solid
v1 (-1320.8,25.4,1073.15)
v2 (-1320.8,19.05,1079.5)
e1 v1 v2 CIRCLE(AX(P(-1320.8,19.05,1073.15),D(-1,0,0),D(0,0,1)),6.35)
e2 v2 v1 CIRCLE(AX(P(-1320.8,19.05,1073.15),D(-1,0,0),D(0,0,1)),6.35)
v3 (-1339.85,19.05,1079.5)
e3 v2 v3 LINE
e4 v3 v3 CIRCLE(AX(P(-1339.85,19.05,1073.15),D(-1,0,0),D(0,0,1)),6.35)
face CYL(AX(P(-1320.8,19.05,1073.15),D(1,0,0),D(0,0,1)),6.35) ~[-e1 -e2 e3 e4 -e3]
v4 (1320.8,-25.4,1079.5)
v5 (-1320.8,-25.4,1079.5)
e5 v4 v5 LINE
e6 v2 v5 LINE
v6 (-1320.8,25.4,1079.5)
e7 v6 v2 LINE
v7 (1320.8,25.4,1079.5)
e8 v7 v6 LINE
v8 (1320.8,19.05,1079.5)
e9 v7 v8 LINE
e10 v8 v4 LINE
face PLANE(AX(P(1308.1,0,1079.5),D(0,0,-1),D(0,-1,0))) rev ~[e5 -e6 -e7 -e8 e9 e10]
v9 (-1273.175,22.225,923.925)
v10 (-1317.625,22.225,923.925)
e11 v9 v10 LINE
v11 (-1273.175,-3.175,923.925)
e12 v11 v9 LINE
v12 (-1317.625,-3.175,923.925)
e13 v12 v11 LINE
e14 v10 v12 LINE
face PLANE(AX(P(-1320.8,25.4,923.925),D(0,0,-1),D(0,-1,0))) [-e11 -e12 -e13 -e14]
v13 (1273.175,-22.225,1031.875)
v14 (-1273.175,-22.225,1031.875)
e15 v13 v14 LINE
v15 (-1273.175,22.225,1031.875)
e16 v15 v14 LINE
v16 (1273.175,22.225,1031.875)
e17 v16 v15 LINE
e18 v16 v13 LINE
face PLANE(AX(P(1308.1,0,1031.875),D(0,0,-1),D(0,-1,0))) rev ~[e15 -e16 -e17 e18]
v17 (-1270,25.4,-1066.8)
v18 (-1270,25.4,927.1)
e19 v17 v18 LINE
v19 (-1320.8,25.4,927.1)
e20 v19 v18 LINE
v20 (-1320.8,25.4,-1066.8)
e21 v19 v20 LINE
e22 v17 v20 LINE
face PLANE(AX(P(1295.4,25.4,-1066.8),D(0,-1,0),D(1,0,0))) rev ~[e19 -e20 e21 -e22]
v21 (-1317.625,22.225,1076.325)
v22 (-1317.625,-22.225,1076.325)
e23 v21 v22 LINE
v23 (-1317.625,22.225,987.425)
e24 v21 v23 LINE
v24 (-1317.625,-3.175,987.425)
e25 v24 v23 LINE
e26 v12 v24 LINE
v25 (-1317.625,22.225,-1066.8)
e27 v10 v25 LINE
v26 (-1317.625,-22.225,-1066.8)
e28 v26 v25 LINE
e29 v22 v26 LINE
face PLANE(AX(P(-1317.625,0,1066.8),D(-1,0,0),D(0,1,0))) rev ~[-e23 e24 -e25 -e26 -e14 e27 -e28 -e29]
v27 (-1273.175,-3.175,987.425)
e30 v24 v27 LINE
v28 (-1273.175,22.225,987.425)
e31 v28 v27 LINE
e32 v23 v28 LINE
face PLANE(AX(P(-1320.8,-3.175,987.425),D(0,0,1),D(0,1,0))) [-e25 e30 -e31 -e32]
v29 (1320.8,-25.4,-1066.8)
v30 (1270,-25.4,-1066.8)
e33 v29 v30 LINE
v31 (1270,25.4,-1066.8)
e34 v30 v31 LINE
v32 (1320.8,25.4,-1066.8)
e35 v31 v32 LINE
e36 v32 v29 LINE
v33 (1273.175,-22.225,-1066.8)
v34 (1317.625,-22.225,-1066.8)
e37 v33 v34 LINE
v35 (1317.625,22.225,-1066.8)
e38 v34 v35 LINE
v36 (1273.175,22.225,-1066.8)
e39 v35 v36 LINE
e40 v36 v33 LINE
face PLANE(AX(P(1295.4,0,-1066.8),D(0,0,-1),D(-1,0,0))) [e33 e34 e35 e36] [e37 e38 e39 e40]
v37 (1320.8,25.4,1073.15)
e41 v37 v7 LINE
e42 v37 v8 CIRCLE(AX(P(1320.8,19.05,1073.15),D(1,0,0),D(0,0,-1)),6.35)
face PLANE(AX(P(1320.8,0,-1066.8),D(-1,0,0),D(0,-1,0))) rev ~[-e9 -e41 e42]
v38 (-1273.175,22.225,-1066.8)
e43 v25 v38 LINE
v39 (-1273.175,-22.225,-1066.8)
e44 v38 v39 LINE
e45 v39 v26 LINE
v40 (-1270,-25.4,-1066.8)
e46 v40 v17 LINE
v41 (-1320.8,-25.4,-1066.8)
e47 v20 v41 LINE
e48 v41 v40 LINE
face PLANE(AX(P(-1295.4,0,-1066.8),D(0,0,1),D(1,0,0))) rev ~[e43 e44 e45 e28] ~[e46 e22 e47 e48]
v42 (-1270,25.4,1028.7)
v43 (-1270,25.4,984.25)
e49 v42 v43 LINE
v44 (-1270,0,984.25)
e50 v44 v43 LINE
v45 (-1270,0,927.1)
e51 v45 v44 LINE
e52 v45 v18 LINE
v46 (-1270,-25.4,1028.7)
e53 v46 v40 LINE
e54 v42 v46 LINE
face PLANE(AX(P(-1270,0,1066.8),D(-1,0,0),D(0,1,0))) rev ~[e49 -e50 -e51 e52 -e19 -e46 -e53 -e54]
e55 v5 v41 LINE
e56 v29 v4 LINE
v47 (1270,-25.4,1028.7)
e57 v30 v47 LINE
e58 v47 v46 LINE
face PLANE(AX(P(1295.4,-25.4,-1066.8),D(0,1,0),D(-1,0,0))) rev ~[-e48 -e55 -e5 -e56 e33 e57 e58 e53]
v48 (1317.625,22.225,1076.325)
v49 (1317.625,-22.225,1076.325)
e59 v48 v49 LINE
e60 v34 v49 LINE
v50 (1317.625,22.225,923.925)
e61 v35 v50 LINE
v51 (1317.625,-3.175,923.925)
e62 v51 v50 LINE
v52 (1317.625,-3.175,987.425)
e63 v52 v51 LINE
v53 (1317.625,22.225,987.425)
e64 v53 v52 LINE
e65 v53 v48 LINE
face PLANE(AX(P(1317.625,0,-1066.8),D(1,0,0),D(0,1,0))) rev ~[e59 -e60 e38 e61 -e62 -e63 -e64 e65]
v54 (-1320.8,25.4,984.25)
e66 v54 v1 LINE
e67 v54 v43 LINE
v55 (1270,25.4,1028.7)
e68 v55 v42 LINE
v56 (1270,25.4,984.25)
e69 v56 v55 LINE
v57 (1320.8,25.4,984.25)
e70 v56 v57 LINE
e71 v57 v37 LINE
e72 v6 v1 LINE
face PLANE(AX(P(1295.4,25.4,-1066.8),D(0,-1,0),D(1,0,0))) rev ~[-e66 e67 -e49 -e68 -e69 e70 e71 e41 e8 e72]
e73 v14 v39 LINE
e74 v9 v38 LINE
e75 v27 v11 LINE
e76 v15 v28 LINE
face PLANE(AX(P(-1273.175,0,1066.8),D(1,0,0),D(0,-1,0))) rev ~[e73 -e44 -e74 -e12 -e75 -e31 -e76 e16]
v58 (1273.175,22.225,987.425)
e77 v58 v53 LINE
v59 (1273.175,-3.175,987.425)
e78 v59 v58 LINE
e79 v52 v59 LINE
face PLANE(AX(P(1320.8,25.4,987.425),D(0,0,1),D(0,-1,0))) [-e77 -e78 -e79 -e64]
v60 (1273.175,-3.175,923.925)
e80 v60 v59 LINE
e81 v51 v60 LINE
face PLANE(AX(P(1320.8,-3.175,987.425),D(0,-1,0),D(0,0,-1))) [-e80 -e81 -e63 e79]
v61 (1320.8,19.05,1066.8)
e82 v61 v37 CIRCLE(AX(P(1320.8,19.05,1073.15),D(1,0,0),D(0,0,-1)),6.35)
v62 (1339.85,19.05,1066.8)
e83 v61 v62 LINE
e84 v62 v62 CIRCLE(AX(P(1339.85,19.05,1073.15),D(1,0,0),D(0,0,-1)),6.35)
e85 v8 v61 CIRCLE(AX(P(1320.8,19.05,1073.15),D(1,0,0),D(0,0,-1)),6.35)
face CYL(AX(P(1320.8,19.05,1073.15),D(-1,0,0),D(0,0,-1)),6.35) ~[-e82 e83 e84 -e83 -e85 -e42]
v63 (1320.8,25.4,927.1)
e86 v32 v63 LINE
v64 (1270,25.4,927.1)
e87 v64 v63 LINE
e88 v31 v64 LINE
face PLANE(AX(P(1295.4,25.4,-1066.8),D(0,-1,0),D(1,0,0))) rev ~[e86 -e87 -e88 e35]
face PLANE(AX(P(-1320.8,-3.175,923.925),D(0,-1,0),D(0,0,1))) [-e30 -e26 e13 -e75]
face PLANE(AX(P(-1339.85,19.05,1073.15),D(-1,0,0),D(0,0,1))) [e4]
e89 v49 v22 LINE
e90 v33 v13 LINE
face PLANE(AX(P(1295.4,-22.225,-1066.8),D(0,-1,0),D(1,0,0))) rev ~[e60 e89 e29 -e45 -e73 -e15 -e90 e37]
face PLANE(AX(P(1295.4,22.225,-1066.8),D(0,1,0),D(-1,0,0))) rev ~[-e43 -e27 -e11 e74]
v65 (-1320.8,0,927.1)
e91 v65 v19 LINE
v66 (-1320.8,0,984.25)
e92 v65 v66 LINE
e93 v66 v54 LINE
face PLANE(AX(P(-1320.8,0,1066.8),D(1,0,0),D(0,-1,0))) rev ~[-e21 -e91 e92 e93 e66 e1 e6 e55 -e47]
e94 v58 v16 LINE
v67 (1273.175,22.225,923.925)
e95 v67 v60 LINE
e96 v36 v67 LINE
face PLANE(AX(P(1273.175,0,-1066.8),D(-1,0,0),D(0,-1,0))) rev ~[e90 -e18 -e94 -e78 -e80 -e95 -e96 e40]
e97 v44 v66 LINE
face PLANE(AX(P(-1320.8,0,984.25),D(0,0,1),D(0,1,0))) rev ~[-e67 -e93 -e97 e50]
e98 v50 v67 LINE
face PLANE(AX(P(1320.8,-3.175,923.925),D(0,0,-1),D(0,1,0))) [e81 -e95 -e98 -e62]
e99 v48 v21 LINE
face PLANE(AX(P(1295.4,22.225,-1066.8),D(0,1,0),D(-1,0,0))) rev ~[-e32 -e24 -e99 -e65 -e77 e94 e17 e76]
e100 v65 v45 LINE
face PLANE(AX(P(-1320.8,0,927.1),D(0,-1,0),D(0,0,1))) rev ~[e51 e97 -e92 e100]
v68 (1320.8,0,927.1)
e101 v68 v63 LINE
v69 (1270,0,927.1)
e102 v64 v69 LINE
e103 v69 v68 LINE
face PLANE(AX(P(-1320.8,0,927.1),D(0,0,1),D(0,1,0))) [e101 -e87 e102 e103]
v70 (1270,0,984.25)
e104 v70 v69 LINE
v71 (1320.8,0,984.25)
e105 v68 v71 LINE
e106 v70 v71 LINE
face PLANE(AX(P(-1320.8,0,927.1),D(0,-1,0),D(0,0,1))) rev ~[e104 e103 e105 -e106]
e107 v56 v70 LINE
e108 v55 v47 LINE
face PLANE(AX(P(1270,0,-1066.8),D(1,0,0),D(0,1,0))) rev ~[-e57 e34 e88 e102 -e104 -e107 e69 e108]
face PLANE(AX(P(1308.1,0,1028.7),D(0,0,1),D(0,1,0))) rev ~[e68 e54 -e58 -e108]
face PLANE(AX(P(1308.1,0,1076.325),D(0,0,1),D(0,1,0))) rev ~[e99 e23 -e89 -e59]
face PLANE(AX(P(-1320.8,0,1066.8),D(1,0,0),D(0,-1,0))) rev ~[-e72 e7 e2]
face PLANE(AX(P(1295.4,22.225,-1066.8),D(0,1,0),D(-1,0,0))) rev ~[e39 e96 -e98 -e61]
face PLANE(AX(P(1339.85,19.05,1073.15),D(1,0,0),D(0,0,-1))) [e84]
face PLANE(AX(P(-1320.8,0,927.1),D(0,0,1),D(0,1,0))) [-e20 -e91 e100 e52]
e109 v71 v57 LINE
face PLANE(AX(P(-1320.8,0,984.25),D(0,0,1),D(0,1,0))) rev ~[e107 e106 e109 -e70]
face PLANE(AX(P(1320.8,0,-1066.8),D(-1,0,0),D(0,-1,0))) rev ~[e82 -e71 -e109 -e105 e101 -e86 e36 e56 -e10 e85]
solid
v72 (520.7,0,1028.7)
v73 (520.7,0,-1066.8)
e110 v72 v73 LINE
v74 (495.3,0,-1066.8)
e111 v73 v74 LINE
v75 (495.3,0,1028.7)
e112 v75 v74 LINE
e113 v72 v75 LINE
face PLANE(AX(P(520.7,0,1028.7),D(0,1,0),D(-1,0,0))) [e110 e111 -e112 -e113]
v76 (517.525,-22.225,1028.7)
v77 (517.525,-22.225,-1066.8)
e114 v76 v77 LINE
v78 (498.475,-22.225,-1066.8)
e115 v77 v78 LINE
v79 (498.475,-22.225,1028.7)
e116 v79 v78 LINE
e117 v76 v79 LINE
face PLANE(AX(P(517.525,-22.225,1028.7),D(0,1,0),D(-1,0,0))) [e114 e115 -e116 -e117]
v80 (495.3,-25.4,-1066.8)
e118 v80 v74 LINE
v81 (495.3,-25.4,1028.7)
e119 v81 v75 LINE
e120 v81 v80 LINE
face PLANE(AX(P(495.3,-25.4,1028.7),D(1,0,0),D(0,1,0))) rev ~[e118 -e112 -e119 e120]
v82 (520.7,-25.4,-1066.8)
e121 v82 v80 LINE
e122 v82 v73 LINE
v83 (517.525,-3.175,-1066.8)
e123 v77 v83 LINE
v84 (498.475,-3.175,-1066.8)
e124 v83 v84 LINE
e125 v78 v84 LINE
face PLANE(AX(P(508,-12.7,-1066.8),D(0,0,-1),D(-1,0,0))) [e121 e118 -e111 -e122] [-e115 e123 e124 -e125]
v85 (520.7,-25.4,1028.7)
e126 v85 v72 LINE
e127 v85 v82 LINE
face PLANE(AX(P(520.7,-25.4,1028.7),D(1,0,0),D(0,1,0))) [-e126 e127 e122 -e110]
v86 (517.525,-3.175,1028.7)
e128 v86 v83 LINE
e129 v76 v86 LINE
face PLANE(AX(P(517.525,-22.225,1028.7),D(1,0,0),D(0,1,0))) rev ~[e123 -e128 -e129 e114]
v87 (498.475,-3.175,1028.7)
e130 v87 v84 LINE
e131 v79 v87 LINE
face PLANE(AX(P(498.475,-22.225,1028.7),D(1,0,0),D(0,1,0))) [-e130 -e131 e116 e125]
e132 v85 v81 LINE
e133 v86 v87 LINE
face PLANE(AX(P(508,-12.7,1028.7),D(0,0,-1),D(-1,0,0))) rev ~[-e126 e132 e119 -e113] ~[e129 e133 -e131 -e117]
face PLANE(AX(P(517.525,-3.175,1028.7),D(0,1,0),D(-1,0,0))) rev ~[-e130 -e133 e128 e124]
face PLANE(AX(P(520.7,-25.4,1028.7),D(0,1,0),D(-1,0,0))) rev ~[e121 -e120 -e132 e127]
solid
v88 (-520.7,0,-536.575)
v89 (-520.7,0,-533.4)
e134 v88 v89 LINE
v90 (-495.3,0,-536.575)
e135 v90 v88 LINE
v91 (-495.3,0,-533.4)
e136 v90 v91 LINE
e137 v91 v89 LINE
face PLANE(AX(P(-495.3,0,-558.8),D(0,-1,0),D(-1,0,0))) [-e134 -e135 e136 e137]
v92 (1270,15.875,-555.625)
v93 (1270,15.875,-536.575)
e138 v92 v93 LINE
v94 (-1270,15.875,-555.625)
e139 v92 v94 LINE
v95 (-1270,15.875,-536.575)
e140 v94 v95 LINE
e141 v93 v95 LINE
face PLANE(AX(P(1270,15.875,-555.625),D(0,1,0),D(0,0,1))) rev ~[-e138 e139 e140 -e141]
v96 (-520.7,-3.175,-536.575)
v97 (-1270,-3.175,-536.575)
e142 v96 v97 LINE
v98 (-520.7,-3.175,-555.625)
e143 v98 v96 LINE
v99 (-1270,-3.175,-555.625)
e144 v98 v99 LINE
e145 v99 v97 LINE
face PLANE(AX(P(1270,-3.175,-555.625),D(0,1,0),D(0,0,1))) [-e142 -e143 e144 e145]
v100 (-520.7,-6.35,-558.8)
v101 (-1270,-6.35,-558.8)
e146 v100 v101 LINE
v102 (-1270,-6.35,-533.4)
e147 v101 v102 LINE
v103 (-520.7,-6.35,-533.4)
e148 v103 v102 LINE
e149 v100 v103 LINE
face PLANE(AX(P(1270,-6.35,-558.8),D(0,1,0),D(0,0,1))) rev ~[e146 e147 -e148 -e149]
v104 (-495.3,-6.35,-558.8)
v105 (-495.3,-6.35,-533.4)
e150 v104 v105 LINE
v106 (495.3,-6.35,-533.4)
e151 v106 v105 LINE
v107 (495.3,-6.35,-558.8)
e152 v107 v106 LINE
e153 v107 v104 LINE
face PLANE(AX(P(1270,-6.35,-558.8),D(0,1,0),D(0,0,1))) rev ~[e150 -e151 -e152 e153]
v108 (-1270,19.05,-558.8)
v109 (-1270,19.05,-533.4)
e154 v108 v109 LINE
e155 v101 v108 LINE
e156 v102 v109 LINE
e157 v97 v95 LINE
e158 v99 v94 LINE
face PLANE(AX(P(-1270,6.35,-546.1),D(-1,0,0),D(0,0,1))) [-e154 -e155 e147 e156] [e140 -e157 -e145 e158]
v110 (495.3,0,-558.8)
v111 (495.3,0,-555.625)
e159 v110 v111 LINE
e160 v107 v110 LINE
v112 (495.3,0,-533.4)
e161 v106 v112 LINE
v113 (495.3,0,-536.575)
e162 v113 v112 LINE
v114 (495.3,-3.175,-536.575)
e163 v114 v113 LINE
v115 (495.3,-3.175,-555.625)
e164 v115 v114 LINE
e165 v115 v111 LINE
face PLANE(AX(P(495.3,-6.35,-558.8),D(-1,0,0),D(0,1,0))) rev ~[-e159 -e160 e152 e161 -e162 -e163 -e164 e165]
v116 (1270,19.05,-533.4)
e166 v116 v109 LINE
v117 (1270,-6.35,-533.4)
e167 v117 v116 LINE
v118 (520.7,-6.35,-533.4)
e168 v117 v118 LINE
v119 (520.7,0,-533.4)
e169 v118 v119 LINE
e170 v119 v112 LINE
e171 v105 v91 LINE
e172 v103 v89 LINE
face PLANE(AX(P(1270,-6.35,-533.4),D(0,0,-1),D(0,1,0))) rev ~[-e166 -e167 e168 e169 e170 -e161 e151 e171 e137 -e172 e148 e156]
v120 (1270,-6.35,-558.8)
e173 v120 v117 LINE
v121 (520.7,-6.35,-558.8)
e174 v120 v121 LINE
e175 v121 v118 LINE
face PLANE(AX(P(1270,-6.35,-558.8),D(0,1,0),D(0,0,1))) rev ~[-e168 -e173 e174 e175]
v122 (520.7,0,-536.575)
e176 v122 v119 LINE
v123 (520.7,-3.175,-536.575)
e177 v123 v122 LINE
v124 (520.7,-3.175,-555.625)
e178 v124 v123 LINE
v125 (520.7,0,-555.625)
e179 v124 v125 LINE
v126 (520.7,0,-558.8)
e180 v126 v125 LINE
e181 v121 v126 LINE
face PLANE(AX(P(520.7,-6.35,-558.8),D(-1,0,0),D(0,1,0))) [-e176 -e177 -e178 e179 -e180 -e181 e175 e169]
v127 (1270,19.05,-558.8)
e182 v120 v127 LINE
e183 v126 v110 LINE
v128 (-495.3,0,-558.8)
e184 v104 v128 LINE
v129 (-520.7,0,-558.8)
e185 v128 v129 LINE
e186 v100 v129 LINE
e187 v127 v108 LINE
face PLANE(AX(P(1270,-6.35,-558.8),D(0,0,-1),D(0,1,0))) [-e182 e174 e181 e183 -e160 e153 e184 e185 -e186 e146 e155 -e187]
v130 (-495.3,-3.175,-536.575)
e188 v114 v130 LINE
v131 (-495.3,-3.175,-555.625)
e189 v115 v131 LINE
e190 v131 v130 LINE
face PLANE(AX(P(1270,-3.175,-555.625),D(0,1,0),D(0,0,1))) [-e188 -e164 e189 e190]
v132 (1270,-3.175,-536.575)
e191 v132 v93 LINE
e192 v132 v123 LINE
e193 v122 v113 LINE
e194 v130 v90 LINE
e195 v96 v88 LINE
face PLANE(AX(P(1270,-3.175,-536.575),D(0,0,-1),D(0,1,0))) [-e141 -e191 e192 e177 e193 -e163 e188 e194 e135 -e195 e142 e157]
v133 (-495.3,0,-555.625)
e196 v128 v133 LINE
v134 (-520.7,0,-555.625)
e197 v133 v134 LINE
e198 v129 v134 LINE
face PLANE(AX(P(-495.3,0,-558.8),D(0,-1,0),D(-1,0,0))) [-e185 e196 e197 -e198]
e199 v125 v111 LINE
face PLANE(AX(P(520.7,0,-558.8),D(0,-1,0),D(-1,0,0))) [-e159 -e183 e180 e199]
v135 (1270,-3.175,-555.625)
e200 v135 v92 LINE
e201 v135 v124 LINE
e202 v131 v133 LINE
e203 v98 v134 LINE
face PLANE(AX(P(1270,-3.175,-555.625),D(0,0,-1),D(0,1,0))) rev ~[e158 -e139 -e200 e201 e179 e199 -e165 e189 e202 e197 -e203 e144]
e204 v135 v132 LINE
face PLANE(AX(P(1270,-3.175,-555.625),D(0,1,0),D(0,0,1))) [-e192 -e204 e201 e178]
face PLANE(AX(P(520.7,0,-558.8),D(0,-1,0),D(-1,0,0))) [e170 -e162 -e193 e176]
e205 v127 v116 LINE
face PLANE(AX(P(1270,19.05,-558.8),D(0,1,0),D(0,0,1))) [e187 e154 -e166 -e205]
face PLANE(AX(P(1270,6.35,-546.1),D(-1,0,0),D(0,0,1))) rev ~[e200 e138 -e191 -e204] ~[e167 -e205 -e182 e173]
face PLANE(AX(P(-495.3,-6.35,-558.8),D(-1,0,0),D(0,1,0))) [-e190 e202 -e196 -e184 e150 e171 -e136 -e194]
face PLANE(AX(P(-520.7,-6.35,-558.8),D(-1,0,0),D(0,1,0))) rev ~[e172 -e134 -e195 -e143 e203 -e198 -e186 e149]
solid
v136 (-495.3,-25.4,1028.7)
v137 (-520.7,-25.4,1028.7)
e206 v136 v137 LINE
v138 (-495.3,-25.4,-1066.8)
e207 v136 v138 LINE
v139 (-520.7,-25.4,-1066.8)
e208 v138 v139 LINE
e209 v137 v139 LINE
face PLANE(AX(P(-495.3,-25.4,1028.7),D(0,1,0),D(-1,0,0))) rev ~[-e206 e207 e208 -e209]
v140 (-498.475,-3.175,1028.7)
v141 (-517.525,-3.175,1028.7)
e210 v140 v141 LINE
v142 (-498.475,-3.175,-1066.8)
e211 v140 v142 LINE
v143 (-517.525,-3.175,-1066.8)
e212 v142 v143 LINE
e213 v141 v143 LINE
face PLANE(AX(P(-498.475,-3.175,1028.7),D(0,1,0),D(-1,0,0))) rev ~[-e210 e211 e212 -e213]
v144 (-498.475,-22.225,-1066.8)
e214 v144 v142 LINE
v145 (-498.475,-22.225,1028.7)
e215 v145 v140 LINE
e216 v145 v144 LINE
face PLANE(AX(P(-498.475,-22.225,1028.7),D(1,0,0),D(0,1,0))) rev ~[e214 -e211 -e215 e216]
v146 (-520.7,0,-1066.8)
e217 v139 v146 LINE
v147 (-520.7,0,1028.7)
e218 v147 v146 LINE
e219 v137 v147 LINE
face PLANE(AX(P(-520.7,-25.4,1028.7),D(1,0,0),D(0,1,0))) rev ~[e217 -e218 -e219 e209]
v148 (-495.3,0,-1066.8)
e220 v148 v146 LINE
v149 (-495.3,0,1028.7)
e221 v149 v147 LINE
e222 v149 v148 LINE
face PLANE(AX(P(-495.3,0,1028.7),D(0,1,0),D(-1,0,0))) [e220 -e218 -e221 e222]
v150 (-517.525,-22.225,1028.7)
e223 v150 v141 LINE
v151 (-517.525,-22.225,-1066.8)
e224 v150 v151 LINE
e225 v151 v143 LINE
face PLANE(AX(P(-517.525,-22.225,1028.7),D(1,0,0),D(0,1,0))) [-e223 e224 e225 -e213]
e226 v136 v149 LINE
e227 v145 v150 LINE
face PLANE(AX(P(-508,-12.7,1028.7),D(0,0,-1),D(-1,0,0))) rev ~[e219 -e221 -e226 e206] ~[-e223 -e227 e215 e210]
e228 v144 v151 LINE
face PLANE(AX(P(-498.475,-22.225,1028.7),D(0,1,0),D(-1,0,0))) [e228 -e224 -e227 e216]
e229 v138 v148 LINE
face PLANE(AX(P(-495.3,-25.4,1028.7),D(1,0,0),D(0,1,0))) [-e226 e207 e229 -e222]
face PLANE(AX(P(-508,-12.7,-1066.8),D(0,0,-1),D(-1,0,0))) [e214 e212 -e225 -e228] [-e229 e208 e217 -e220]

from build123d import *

# Parameters (mm, degrees)
SKETCH2_W             = 50.8
SKETCH2_H             = 50.8
SKETCH2_W_2           = 44.45
SKETCH2_H_2           = 44.45
SKETCH6_R             = 6.35
BOSS_EXTRUDE3_DEPTH   = 19.05
SKETCH12_R            = 6.35
BOSS_EXTRUDE6_DEPTH   = 19.05
SKETCH13_W            = 57.15
SKETCH13_H            = 25.4
CUT_EXTRUDE2_DEPTH    = 2641.6
SKETCH14_W            = 25.4
SKETCH14_H            = 25.4
SKETCH14_W_2          = 19.05
SKETCH14_H_2          = 19.05
BOSS_EXTRUDE7_DEPTH   = 2540
SKETCH16_W            = 25.4
SKETCH16_H            = 6.35
CUT_EXTRUDE3_DEPTH    = 25.4
SKETCH15_W            = 25.4
SKETCH15_H            = 25.4
SKETCH15_W_2          = 19.05
SKETCH15_H_2          = 19.05
BOSS_EXTRUDE9_DEPTH   = 2095.5
BOSS_EXTRUDE9_2_DEPTH = 2095.5
BOSS_EXTRUDE10_DEPTH  = 50.8
BOSS_EXTRUDE11_DEPTH  = 50.8


with BuildPart() as part:
    # Sweep1: sweep along a path in Sketch1
    with BuildLine(Plane(origin=(0, 0, 0), x_dir=(1, 0, 0), z_dir=(0, 1, 0))) as sweep1_path:
        Line((1308.1, 1066.8), (1308.1, -1066.8))
        Line((1308.1, -1066.8), (-1308.1, -1066.8))
        Line((-1308.1, -1066.8), (-1308.1, 1066.8))
    # Sketch2 → Sweep1 (sweep)
    with BuildSketch(Plane.XY):
        with Locations((-1295.4, 0)):
            Rectangle(SKETCH2_W, SKETCH2_H)
        with Locations((-1295.4, 0)):
            Rectangle(SKETCH2_W_2, SKETCH2_H_2, mode=Mode.SUBTRACT)
    sweep(path=sweep1_path.line, transition=Transition.RIGHT)

    # Sketch6 → Boss-Extrude3 (add)
    with BuildSketch(Plane.ZY.offset(1320.8)):
        with Locations((1073.15, 19.05)):
            Circle(SKETCH6_R)
    extrude(amount=BOSS_EXTRUDE3_DEPTH)

    # Sketch12 → Boss-Extrude6 (add)
    with BuildSketch(Plane(origin=(1320.8, 0, 0), x_dir=(0, 0, -1), z_dir=(1, 0, 0))):
        with Locations((-1073.15, 19.05)):
            Circle(SKETCH12_R)
    extrude(amount=BOSS_EXTRUDE6_DEPTH)

    # Sketch13 → Cut-Extrude2 (cut)
    with BuildSketch(Plane.ZY.offset(1320.8)):
        with Locations((955.675, 12.7)):
            Rectangle(SKETCH13_W, SKETCH13_H)
    extrude(amount=-CUT_EXTRUDE2_DEPTH, mode=Mode.SUBTRACT)

    # Sketch17 → Boss-Extrude10 (add)
    with BuildSketch(Plane(origin=(1320.8, 0, 0), x_dir=(0, 0, -1), z_dir=(1, 0, 0))):
        Polygon((-984.25, 25.4), (-987.425, 25.4), (-987.425, -3.175), (-923.925, -3.175), (-923.925, 25.4), (-927.1, 25.4), (-927.1, 0), (-984.25, 0), align=None)
    extrude(amount=-BOSS_EXTRUDE10_DEPTH)

    # Sketch18 → Boss-Extrude11 (add)
    with BuildSketch(Plane.ZY.offset(1320.8)):
        Polygon((927.1, 25.4), (923.925, 25.4), (923.925, -3.175), (987.425, -3.175), (987.425, 25.4), (984.25, 25.4), (984.25, 0), (927.1, 0), align=None)
    extrude(amount=-BOSS_EXTRUDE11_DEPTH)


with BuildPart() as body_2:
    # Sketch14 → Boss-Extrude7 (new body)
    with BuildSketch(Plane.ZY.offset(-1270)):
        with Locations((-546.1, 6.35)):
            Rectangle(SKETCH14_W, SKETCH14_H)
        with Locations((-546.1, 6.35)):
            Rectangle(SKETCH14_W_2, SKETCH14_H_2, mode=Mode.SUBTRACT)
    extrude(amount=BOSS_EXTRUDE7_DEPTH)

    # Sketch16 → Cut-Extrude3 (cut)
    with BuildSketch(Plane(origin=(0, 0, -558.8), x_dir=(-1, 0, 0), z_dir=(0, 0, -1))):
        with Locations((-508, -3.175)):
            Rectangle(SKETCH16_W, SKETCH16_H)
        with Locations((508, -3.175)):
            Rectangle(SKETCH16_W, SKETCH16_H)
    extrude(amount=-CUT_EXTRUDE3_DEPTH, mode=Mode.SUBTRACT)


with BuildPart() as body_3:
    # Sketch15 → Boss-Extrude9 (new body)
    with BuildSketch(Plane(origin=(0, 0, 1028.7), x_dir=(-1, 0, 0), z_dir=(0, 0, -1))):
        with Locations((-508, -12.7)):
            Rectangle(SKETCH15_W, SKETCH15_H)
        with Locations((-508, -12.7)):
            Rectangle(SKETCH15_W_2, SKETCH15_H_2, mode=Mode.SUBTRACT)
    extrude(amount=BOSS_EXTRUDE9_DEPTH)


with BuildPart() as body_4:
    # Sketch15 → Boss-Extrude9 2 (new body)
    with BuildSketch(Plane(origin=(0, 0, 1028.7), x_dir=(-1, 0, 0), z_dir=(0, 0, -1))):
        with Locations((508, -12.7)):
            Rectangle(SKETCH15_W, SKETCH15_H)
        with Locations((508, -12.7)):
            Rectangle(SKETCH15_W_2, SKETCH15_H_2, mode=Mode.SUBTRACT)
    extrude(amount=BOSS_EXTRUDE9_2_DEPTH)


solid = Compound([part.part, body_2.part, body_3.part, body_4.part])
